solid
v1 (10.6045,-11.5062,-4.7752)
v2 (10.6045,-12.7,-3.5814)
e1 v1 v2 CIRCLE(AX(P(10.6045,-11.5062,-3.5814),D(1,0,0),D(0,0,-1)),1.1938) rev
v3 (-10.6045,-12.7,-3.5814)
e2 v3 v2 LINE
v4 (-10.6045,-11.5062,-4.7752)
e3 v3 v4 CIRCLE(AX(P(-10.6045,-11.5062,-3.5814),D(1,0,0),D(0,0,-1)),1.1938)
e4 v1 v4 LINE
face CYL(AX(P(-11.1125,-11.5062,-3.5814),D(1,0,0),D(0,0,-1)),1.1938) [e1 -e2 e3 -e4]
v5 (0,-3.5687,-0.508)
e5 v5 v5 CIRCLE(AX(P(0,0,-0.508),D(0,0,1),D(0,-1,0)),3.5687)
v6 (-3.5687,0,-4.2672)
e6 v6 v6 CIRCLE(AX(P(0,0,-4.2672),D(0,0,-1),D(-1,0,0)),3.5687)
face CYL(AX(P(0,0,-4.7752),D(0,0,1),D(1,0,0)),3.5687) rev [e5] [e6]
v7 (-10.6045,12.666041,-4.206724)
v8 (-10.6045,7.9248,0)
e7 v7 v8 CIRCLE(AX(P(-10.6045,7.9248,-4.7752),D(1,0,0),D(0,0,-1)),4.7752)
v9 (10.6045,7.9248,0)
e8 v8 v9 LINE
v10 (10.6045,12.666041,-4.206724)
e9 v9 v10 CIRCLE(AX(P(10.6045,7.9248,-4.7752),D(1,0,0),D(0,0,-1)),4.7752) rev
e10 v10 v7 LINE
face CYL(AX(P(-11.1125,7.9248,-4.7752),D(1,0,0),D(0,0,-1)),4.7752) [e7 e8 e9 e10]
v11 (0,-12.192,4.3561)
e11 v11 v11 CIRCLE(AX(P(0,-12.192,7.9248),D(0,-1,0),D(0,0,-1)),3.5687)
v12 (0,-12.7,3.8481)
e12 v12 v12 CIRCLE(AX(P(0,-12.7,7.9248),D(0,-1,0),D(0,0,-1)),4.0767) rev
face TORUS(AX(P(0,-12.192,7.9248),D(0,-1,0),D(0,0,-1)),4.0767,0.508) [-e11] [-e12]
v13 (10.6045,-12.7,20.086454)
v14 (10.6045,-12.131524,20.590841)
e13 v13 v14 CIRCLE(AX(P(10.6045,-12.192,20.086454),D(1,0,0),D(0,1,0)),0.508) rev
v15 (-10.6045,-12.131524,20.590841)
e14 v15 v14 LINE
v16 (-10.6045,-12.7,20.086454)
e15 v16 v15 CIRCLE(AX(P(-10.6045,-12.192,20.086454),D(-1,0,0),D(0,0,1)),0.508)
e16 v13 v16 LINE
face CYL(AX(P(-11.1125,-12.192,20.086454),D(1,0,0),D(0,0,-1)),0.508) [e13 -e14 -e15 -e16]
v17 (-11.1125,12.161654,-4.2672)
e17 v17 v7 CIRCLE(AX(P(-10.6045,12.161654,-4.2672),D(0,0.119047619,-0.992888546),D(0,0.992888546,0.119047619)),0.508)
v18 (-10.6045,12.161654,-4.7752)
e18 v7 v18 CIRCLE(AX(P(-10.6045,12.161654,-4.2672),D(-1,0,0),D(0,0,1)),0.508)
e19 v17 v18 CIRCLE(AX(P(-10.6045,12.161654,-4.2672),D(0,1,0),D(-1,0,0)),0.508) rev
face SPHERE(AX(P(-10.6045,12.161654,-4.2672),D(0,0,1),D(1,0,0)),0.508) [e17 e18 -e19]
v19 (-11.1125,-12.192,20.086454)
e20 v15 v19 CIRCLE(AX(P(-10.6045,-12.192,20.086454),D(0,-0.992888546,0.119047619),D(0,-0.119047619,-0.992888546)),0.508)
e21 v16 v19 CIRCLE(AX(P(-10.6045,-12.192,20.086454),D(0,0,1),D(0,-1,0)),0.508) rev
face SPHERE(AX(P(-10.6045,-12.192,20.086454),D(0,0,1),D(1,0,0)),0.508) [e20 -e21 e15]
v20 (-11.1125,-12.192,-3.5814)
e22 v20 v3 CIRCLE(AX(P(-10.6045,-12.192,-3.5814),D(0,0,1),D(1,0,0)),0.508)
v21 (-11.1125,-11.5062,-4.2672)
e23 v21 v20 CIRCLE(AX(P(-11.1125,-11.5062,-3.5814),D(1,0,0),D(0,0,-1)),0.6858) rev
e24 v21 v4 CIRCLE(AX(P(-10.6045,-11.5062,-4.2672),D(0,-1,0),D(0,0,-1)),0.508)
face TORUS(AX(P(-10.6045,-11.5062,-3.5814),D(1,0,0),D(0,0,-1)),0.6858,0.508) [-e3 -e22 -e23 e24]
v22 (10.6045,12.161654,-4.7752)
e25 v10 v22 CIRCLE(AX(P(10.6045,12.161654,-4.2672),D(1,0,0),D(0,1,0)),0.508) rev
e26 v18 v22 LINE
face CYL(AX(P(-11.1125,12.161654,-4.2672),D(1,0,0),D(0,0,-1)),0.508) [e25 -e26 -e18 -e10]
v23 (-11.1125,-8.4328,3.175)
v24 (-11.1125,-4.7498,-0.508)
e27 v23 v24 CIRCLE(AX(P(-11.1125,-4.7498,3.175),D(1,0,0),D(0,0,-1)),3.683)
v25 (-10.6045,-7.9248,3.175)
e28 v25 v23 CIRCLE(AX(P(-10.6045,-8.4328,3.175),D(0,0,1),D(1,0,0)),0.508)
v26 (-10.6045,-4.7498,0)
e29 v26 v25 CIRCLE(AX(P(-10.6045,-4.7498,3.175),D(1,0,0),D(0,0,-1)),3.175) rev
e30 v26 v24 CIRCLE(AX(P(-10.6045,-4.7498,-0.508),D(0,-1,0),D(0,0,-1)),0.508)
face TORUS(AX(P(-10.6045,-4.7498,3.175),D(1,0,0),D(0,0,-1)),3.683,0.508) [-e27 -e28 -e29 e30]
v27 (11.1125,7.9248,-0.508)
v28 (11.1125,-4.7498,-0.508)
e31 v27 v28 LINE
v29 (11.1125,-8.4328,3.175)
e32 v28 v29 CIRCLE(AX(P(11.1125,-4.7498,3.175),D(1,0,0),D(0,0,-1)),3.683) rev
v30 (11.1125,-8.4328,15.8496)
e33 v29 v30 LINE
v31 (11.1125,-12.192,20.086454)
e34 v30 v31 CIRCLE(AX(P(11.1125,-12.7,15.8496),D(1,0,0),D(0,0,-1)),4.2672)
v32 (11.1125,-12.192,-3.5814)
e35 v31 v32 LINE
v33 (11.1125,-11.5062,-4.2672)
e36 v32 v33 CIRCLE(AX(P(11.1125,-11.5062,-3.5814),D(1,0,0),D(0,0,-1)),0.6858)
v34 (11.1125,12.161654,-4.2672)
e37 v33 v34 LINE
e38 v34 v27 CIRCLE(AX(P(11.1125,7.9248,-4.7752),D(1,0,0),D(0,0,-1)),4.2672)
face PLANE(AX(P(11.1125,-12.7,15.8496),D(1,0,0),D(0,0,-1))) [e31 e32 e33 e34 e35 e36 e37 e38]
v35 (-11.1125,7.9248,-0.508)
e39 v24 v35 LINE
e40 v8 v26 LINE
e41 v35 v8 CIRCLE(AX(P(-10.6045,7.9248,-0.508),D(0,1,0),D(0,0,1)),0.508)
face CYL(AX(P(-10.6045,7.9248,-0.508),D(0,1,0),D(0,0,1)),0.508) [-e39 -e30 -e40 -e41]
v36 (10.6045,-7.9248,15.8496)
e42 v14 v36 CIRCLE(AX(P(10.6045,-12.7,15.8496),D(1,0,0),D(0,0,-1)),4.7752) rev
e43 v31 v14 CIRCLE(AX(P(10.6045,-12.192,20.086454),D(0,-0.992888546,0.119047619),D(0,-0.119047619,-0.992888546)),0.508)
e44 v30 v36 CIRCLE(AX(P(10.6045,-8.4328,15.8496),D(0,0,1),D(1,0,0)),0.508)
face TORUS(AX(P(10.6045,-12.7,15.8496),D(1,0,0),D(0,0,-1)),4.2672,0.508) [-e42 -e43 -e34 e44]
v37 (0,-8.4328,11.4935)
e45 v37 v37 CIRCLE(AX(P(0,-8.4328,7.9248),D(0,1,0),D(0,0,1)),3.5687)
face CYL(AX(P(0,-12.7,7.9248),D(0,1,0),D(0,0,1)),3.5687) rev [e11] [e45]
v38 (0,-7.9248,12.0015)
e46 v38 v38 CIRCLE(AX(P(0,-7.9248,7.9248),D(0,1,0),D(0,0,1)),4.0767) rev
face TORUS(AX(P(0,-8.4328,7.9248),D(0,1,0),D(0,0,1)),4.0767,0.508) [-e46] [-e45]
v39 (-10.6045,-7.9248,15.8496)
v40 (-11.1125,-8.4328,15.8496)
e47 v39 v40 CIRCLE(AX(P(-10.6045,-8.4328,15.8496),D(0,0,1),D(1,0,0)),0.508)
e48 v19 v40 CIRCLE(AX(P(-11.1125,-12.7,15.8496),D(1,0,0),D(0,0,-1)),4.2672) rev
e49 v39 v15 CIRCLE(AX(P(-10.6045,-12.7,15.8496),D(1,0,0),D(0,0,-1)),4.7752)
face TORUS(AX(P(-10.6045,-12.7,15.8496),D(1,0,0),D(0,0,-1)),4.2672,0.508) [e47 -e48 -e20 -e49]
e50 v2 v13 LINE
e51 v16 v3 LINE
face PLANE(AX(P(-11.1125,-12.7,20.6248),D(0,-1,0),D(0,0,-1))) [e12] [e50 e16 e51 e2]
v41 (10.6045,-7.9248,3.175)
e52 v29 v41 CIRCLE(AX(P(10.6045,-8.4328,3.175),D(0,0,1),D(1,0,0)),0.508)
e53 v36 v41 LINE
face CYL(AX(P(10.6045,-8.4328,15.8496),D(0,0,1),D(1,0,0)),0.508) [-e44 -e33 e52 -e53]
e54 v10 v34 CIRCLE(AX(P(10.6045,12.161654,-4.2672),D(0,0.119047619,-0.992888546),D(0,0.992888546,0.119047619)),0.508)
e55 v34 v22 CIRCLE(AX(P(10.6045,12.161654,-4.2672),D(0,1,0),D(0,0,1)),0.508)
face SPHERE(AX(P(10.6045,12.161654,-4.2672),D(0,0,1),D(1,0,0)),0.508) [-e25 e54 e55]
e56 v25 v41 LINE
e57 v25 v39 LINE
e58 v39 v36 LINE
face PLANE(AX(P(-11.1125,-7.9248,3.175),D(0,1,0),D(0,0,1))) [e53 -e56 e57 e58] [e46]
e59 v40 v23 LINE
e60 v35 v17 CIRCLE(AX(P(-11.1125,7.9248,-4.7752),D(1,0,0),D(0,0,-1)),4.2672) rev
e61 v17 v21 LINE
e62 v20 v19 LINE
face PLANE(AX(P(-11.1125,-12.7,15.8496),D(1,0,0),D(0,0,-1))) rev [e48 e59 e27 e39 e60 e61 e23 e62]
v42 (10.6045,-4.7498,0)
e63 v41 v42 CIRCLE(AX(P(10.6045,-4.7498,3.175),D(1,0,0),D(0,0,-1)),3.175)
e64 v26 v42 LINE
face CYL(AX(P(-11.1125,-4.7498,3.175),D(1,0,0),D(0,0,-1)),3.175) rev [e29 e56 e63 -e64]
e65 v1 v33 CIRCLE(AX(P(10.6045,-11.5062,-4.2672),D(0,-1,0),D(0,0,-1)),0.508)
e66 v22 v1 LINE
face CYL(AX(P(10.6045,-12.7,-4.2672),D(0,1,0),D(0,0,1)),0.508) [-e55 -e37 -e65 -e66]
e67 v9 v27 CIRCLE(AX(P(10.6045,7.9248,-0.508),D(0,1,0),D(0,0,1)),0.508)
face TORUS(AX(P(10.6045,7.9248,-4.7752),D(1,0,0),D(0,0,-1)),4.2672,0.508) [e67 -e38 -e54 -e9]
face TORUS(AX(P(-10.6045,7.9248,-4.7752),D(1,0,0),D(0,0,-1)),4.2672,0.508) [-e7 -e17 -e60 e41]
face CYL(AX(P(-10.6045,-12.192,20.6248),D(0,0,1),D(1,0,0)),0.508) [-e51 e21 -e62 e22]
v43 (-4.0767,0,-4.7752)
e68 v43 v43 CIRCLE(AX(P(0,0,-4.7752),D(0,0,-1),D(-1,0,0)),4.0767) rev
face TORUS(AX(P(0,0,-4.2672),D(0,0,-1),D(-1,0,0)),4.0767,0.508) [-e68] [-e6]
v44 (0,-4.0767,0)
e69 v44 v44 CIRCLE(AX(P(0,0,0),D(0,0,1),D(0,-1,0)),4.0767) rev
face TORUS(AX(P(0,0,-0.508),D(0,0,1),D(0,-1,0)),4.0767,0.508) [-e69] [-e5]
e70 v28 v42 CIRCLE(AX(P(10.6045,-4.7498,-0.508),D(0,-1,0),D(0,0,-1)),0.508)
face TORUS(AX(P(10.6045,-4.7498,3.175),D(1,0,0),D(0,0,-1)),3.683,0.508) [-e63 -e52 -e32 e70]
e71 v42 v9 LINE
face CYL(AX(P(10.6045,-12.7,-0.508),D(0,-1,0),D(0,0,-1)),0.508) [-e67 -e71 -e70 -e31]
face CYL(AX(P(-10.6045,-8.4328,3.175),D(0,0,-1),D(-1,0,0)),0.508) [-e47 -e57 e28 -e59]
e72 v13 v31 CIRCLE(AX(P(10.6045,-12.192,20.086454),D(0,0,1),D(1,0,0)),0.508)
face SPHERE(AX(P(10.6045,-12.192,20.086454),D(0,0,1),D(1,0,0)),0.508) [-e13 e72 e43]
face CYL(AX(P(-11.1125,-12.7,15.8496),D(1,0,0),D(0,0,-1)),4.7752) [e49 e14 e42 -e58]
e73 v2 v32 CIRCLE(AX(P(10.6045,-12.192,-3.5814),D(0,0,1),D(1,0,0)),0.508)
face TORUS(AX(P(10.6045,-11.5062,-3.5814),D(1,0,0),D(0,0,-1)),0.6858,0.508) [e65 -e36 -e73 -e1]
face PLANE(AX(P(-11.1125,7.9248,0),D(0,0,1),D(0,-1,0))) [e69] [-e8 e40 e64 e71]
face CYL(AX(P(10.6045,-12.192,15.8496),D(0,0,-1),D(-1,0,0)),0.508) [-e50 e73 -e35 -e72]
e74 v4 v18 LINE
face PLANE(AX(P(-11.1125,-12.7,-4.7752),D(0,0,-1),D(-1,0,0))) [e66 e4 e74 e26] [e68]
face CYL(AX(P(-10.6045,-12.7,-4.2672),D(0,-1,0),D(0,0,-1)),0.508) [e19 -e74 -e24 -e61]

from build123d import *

# Parameters (mm, degrees)
BOSS_EXTRUDE1_START = 11.1125
BOSS_EXTRUDE1_DEPTH = 22.225
FILLET1_R           = 1.1938
SKETCH4_R           = 3.5687
CUT_EXTRUDE1_DEPTH  = 5.7752
SKETCH5_R           = 3.5687
CUT_EXTRUDE2_DEPTH  = 5.7752
FILLET2_R           = 0.508
FILLET3_R           = 0.508


with BuildPart() as part:
    # Sketch3 → Boss-Extrude1 (new body)
    with BuildSketch(Plane(origin=(0, 0, 0), x_dir=(0, 0, -1), z_dir=(1, 0, 0)).offset(BOSS_EXTRUDE1_START)):
        with BuildLine():
            Line((-3.175, -7.9248), (-15.8496, -7.9248))
            ThreePointArc((-15.8496, -7.9248), (-19.226176302, -9.323423698), (-20.6248, -12.7))
            Line((-20.6248, -12.7), (4.7752, -12.7))
            Line((4.7752, -12.7), (4.7752, 12.7))
            ThreePointArc((4.7752, 12.7), (1.398623698, 11.301376302), (0, 7.9248))
            Line((0, 7.9248), (0, -4.7498))
            ThreePointArc((0, -4.7498), (-0.92993597, -6.99486403), (-3.175, -7.9248))
        make_face()
    extrude(amount=-BOSS_EXTRUDE1_DEPTH)

    # Fillet1
    fillet1_edges = [part.edges().sort_by_distance(p)[0] for p in [
        (0, -12.7, -4.7752),
    ]]
    fillet(fillet1_edges, radius=FILLET1_R)

    # Sketch4 → Cut-Extrude1 (cut, through all)
    with BuildSketch(Plane.XY):
        Circle(SKETCH4_R)
    extrude(amount=-CUT_EXTRUDE1_DEPTH, mode=Mode.SUBTRACT)

    # Sketch5 → Cut-Extrude2 (cut, through all)
    with BuildSketch(Plane(origin=(0, -7.9248, 0), x_dir=(1, 0, 0), z_dir=(0, 1, 0))):
        with Locations((0, -7.9248)):
            Circle(SKETCH5_R)
    extrude(amount=-CUT_EXTRUDE2_DEPTH, mode=Mode.SUBTRACT)

    # Fillet2
    fillet2_edges = [part.edges().sort_by_distance(p)[0] for p in [
        (0, 12.7, -4.7752),
        (0, -12.7, 20.6248),
        (-11.1125, 11.301376302, -1.398623698),
        (-11.1125, 1.5875, 0),
        (-11.1125, -6.99486403, 0.92993597),
        (11.1125, 0.5969, -4.7752),
        (-11.1125, -7.9248, 9.5123),
        (11.1125, -12.350344075, -4.425544075),
        (-11.1125, 0.5969, -4.7752),
        (-11.1125, -12.350344075, -4.425544075),
        (-3.5687, -12.7, 7.9248),
        (-11.1125, -9.323423698, 19.226176302),
        (11.1125, -7.9248, 9.5123),
        (-11.1125, -12.7, 8.5217),
        (11.1125, -6.99486403, 0.92993597),
        (11.1125, 1.5875, 0),
        (11.1125, 11.301376302, -1.398623698),
        (11.1125, -12.7, 8.5217),
        (11.1125, -9.323423698, 19.226176302),
    ]]
    fillet(fillet2_edges, radius=FILLET2_R)

    # Fillet3
    fillet3_edges = [part.edges().sort_by_distance(p)[0] for p in [
        (-3.5687, 0, -4.7752),
        (-3.5687, 0, 0),
        (-3.5687, -7.9248, 7.9248),
    ]]
    fillet(fillet3_edges, radius=FILLET3_R)


solid = part.part
